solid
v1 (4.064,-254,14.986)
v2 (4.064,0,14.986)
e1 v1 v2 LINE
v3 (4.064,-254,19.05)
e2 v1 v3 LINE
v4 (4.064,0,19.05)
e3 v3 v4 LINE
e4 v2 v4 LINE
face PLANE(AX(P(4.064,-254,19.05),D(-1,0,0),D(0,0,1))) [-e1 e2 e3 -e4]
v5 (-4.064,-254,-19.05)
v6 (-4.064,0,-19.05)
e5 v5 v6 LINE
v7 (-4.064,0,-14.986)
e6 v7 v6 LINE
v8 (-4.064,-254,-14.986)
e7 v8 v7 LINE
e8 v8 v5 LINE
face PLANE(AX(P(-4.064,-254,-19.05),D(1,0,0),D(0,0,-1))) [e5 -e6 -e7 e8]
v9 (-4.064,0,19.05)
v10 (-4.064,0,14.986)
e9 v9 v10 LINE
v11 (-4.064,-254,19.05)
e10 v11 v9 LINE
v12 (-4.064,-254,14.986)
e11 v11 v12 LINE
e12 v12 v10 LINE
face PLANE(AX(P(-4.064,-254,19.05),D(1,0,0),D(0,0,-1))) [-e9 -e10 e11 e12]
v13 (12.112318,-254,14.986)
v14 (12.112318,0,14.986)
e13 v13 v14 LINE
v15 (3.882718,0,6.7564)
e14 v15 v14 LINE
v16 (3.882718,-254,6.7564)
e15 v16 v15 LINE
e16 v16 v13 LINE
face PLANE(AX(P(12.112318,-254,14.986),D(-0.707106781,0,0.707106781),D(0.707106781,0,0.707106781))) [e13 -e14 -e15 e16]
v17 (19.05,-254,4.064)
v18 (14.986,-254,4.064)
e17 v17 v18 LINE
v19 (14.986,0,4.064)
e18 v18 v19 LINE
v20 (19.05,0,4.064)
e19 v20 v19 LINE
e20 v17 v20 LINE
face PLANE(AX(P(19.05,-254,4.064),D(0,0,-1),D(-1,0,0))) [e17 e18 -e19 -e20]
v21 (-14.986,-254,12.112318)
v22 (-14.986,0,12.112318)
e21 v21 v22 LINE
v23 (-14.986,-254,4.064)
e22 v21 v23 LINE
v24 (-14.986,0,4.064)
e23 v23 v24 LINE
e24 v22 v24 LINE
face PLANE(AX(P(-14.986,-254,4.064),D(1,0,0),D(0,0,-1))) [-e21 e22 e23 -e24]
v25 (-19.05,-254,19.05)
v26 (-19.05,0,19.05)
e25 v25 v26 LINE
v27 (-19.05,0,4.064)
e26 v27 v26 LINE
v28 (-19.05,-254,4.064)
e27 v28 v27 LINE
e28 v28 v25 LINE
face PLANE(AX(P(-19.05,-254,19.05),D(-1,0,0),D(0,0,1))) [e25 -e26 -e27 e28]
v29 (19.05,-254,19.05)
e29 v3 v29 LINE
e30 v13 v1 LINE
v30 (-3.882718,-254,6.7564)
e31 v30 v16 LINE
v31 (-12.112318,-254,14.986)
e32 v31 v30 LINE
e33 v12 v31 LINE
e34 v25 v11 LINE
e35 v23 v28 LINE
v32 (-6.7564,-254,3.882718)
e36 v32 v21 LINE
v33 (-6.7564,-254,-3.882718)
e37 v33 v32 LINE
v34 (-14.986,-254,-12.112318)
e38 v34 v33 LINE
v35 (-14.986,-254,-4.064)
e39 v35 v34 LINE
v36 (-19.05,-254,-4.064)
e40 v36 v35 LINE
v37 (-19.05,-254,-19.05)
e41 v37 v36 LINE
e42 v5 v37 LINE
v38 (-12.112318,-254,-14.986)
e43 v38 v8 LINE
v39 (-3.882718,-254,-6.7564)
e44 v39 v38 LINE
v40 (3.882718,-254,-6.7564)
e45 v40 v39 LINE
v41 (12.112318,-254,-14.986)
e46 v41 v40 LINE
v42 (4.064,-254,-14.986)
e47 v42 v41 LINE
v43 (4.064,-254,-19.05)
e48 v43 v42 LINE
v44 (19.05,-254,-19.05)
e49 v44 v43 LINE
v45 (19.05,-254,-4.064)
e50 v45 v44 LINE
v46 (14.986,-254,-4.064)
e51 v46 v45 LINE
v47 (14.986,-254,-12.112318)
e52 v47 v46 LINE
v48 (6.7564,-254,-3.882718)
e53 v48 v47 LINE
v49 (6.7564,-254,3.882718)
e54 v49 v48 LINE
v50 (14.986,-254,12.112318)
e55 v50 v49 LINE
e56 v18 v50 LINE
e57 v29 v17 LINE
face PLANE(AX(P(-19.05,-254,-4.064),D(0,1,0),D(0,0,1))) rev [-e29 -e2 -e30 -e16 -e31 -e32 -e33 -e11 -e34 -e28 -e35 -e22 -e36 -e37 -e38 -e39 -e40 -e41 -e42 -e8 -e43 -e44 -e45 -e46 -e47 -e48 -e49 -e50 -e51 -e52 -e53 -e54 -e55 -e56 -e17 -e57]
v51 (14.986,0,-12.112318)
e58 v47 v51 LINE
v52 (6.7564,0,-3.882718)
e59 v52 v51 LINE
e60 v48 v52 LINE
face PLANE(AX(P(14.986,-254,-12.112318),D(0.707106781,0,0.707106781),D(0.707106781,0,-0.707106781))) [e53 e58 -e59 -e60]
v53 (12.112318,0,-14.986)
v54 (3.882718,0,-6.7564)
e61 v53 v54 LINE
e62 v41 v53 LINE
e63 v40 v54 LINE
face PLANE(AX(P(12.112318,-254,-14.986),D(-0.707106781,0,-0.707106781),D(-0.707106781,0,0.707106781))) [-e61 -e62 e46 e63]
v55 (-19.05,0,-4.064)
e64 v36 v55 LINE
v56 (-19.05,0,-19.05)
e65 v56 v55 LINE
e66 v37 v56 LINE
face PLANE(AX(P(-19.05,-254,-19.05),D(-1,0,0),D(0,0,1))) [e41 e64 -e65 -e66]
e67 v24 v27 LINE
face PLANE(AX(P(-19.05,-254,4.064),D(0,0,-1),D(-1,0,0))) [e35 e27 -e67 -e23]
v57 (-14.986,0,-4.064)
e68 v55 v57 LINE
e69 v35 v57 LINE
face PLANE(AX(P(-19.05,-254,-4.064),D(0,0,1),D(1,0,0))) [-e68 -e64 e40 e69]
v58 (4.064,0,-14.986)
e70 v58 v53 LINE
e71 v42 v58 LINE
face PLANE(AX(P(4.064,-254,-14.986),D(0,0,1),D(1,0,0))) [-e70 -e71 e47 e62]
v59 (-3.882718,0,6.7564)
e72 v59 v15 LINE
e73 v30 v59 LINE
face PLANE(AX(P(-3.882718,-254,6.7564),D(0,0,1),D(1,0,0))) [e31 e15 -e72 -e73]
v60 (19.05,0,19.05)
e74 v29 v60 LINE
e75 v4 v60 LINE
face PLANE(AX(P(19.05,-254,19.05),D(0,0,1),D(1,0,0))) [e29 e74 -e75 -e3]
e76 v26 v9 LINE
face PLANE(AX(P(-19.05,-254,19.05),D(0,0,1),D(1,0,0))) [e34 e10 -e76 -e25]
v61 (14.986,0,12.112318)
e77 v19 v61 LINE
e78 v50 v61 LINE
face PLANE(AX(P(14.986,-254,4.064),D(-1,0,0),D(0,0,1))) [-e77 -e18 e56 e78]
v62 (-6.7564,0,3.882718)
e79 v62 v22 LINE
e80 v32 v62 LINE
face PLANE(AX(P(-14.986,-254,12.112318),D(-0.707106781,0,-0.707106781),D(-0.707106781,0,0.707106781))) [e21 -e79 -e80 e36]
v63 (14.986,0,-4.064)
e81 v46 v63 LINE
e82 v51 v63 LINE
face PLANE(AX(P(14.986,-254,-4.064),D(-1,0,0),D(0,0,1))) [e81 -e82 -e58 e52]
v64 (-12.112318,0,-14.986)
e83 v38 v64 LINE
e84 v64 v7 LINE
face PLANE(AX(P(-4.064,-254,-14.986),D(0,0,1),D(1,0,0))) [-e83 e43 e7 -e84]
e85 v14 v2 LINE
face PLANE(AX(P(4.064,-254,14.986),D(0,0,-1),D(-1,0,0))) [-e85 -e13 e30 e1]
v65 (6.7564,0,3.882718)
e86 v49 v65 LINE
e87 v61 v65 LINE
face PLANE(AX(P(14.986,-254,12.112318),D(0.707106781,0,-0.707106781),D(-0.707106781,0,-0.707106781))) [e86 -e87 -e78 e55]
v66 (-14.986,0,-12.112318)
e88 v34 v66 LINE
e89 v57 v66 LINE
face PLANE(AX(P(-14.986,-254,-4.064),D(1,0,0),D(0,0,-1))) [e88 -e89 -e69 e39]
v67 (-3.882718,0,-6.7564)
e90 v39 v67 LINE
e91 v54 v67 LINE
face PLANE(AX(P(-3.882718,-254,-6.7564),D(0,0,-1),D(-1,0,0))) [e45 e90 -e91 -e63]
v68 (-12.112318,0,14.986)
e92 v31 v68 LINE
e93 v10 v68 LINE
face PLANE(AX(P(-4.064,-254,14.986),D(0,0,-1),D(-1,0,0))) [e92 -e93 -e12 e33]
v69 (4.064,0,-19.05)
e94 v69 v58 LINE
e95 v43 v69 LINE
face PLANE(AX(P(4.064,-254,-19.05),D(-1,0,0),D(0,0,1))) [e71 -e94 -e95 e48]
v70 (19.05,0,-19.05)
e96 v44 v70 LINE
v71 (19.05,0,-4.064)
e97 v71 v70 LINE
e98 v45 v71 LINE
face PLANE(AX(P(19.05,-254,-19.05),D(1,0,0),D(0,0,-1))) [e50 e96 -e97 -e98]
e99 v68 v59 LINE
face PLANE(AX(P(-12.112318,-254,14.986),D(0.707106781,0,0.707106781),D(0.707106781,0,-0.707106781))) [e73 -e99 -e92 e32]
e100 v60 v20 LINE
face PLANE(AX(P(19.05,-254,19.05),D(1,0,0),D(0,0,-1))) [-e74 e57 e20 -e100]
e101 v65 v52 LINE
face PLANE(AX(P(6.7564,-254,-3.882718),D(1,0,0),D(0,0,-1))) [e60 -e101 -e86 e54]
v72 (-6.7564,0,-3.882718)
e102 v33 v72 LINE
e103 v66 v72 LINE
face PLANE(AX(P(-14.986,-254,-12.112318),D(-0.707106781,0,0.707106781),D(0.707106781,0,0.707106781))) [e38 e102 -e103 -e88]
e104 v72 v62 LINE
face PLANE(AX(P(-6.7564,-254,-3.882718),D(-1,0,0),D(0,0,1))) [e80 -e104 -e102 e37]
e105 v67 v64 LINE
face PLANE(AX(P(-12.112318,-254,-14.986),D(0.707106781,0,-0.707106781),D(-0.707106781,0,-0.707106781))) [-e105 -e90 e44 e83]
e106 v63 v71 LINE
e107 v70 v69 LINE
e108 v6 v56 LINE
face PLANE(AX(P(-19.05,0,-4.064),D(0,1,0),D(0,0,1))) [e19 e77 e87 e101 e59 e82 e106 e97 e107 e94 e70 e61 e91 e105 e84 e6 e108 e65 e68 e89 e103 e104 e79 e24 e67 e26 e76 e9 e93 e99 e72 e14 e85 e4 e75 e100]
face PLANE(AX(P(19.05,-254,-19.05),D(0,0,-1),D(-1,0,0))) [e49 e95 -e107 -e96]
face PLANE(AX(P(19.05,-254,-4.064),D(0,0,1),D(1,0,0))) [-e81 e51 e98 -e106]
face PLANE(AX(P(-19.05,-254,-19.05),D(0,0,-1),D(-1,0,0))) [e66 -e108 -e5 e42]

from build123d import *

# Parameters (mm, degrees)
BOSS_EXTRUDE1_DEPTH = 254


with BuildPart() as part:
    # Sketch2 → Boss-Extrude1 (new body)
    with BuildSketch(Plane(origin=(0, 0, 0), x_dir=(1, 0, 0), z_dir=(0, 1, 0))):
        Polygon((-19.05, 19.05), (-4.064, 19.05), (-4.064, 14.986), (-12.112318041, 14.986), (-3.882718041, 6.7564), (3.882718041, 6.7564), (12.112318041, 14.986), (4.064, 14.986), (4.064, 19.05), (19.05, 19.05), (19.05, 4.064), (14.986, 4.064), (14.986, 12.112318041), (6.7564, 3.882718041), (6.7564, -3.882718041), (14.986, -12.112318041), (14.986, -4.064), (19.05, -4.064), (19.05, -19.05), (4.064, -19.05), (4.064, -14.986), (12.112318041, -14.986), (3.882718041, -6.7564), (-3.882718041, -6.7564), (-12.112318041, -14.986), (-4.064, -14.986), (-4.064, -19.05), (-19.05, -19.05), (-19.05, -4.064), (-14.986, -4.064), (-14.986, -12.112318041), (-6.7564, -3.882718041), (-6.7564, 3.882718041), (-14.986, 12.112318041), (-14.986, 4.064), (-19.05, 4.064), align=None)
    extrude(amount=-BOSS_EXTRUDE1_DEPTH)


solid = part.part
